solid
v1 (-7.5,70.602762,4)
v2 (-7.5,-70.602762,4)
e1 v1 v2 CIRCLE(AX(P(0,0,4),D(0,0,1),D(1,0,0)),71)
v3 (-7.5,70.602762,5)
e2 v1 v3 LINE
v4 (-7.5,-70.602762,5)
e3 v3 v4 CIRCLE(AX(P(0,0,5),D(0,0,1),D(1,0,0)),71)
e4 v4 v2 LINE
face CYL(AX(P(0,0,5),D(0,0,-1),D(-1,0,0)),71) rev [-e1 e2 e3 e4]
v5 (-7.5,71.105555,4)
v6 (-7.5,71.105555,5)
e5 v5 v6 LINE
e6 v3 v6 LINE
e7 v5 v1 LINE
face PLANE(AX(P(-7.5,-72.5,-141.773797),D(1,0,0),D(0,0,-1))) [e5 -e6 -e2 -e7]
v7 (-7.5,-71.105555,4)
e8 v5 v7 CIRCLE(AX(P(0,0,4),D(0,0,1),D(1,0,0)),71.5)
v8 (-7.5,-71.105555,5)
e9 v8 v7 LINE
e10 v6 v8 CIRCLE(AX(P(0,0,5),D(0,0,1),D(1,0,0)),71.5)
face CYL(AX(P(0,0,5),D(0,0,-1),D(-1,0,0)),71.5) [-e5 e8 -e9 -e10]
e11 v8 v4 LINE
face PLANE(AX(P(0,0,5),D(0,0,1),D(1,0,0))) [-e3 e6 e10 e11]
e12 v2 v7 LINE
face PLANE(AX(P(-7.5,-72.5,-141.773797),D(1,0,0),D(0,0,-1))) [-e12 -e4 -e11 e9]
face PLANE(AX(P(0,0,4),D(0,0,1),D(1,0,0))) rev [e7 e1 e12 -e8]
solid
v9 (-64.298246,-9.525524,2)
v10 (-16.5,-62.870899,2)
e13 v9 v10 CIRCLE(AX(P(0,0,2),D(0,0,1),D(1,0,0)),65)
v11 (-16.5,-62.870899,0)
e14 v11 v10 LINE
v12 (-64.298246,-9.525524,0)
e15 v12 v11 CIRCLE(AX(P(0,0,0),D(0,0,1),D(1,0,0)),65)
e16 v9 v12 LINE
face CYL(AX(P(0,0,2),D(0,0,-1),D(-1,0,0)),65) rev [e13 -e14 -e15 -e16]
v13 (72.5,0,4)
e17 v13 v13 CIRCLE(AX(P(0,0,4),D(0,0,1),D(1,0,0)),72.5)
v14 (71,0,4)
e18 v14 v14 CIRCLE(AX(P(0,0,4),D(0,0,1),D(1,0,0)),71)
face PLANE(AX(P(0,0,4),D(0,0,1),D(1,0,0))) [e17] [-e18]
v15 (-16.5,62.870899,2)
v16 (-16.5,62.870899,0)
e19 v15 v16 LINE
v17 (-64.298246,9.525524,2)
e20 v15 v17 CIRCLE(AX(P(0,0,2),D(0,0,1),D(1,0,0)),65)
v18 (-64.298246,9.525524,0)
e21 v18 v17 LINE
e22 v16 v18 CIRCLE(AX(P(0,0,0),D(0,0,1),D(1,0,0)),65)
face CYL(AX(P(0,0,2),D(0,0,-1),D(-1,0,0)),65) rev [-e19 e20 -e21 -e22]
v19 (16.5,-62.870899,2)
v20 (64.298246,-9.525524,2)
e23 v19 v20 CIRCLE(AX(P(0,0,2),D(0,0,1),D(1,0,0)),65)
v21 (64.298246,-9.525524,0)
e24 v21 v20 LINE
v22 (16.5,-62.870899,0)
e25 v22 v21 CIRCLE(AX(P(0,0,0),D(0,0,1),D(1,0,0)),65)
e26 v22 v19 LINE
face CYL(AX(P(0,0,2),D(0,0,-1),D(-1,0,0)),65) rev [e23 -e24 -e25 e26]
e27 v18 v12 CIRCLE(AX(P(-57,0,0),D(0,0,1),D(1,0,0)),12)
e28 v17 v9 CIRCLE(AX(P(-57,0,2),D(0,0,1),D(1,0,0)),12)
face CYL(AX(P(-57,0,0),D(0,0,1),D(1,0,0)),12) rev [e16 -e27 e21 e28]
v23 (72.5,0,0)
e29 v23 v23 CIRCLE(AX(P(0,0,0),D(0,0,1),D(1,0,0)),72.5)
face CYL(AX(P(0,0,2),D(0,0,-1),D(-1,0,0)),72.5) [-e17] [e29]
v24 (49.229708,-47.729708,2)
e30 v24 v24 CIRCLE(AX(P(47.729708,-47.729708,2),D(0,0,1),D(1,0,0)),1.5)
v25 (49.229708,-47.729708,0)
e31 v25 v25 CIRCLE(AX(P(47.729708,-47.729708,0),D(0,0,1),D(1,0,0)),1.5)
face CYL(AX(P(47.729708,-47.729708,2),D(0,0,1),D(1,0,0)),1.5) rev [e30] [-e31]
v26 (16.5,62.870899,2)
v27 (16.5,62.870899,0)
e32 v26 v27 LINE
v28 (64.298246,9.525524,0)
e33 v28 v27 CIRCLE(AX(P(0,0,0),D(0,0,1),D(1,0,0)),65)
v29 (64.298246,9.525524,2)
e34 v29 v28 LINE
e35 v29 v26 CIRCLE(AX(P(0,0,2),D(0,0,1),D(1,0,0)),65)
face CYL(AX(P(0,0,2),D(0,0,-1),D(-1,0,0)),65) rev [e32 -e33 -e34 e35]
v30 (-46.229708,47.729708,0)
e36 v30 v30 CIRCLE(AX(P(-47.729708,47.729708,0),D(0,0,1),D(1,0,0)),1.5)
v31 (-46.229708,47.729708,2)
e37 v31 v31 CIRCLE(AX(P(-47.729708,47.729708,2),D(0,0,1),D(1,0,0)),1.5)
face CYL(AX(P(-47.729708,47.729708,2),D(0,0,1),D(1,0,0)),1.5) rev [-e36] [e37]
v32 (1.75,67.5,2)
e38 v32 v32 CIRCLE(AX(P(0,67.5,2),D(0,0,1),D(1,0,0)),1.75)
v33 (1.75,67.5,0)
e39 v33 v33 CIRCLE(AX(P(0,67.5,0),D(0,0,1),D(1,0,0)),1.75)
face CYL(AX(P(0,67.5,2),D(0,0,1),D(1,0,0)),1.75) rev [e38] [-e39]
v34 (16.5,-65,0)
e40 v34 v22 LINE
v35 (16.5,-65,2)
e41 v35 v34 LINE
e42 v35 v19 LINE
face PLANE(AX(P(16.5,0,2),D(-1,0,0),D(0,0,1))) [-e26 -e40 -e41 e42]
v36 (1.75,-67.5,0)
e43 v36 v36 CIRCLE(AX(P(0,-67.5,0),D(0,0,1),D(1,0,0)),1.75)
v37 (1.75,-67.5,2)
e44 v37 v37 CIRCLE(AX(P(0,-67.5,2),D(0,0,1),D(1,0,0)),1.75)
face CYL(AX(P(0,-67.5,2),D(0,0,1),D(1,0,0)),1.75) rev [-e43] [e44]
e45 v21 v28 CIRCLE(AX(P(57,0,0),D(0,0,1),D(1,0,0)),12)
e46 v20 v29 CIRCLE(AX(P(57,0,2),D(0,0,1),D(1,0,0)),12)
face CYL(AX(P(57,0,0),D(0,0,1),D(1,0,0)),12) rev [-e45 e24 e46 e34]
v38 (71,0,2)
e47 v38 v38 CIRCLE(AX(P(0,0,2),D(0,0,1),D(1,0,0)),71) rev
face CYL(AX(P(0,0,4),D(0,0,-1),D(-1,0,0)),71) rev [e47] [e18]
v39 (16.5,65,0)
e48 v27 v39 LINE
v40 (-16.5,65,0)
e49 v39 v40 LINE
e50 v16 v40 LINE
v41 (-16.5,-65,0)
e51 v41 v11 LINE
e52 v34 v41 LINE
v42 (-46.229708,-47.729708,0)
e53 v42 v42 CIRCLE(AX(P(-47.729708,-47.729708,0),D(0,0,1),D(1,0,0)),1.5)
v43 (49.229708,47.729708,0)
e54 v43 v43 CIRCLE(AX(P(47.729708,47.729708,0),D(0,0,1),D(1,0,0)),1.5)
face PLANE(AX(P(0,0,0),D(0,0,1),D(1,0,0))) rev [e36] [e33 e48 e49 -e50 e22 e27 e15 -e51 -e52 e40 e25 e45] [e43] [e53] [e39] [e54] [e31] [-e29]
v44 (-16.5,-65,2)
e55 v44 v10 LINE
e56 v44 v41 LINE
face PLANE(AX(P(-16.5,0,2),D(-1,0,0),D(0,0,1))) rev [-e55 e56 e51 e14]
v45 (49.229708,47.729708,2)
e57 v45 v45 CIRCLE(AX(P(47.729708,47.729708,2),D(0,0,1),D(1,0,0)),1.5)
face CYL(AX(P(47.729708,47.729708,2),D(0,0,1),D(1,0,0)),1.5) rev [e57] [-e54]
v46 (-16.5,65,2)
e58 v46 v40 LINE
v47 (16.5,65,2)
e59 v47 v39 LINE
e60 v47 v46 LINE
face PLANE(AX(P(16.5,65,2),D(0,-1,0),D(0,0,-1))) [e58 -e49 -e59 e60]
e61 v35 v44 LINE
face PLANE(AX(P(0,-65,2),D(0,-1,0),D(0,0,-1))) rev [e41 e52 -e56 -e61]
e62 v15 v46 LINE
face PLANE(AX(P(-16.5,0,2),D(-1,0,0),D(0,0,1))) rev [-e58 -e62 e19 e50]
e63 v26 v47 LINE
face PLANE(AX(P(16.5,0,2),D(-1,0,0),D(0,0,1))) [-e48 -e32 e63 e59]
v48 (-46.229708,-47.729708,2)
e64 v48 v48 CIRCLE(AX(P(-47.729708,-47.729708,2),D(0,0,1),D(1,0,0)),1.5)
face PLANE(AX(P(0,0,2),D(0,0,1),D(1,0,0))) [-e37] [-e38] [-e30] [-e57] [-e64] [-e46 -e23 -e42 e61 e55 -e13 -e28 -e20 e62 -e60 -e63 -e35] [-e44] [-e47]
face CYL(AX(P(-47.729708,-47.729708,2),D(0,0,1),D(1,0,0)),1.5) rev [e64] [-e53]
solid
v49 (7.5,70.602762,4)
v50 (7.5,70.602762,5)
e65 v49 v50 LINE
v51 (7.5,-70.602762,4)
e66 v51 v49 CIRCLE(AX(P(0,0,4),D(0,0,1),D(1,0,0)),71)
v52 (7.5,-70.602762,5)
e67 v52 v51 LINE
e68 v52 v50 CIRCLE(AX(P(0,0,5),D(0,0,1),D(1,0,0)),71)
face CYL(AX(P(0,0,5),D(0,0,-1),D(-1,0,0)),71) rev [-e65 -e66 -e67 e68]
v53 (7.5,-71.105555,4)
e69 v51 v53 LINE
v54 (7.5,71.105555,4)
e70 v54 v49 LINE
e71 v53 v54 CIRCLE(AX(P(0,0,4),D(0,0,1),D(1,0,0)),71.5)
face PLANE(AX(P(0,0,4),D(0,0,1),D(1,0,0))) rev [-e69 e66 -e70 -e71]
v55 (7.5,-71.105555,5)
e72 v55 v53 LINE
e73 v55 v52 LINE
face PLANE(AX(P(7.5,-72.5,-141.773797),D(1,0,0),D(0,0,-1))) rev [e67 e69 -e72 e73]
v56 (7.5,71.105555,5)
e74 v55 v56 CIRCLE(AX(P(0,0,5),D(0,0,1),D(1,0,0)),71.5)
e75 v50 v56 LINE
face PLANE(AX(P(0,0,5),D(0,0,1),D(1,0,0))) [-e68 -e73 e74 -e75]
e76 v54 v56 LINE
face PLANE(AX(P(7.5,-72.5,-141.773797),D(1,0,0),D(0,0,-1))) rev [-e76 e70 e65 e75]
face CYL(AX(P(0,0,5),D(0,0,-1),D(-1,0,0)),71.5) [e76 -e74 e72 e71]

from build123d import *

# Parameters (mm, degrees)
SKIZZE4_R               = 72.5
SKIZZE4_R_2             = 65
BASE_RING_DEPTH         = 2
SPACER_PLACEMENT_D      = 3
SKIZZE8_R               = 12
BALL_CASTOR_DEPTH       = 103.549987811
SKIZZE9_W               = 33
SKIZZE9_H               = 130
SKIZZE9_H_2             = 100
WHEELS_DEPTH            = 103.549987811
SKIZZE11_R              = 72.5
SKIZZE11_R_2            = 71
SIDE_WALL_DEPTH         = 2
SKIZZE14_R              = 71.5
SKIZZE14_R_2            = 71
INNER_WALL_DEPTH        = 1
SKIZZE13_W              = 1.75
SKIZZE13_H              = 2
COVER_SCREWS_AT_2_COUNT = 2
COVER_SCREWS_AT_2_PITCH = 135
SKIZZE15_W              = 15
SKIZZE15_H              = 145
COVER_OPENING_DEPTH     = 1


with BuildPart() as part:
    # Skizze4 → Base Ring (new body)
    with BuildSketch(Plane.XY):
        Circle(SKIZZE4_R)
        Circle(SKIZZE4_R_2, mode=Mode.SUBTRACT)
    extrude(amount=BASE_RING_DEPTH)

    # Spacer Placement (through all)
    with Locations(Plane.XY.offset(2)):
        with Locations((-47.72970773, 47.72970773), (47.72970773, 47.72970773), (47.72970773, -47.72970773), (-47.72970773, -47.72970773)):
            Hole(SPACER_PLACEMENT_D / 2)

    # Skizze8 → Ball Castor (cut, through all)
    with BuildSketch(Plane.XY.offset(2)):
        with Locations((57, 0)):
            Circle(SKIZZE8_R)
        with Locations((-57, 0)):
            Circle(SKIZZE8_R)
    extrude(amount=-BALL_CASTOR_DEPTH, mode=Mode.SUBTRACT)

    # Skizze9 → Wheels (cut, through all)
    with BuildSketch(Plane.XY):
        Rectangle(SKIZZE9_W, SKIZZE9_H)
        Rectangle(SKIZZE9_W, SKIZZE9_H_2)
    extrude(amount=WHEELS_DEPTH, mode=Mode.SUBTRACT)

    # Skizze11 → Side Wall (add)
    with BuildSketch(Plane.XY.offset(2)):
        Circle(SKIZZE11_R)
        Circle(SKIZZE11_R_2, mode=Mode.SUBTRACT)
    extrude(amount=SIDE_WALL_DEPTH)

    # Skizze13 → Cover Screws (revolve, cut)
    with BuildSketch(Plane(origin=(0, -67.5, 2), x_dir=(0, -1, 0), z_dir=(1, 0, 0))):
        with Locations((0.875, 1)):
            Rectangle(SKIZZE13_W, SKIZZE13_H)
    cover_screws = revolve(axis=Axis((0, -67.5, 8.35), (0, 0, -1)), mode=Mode.SUBTRACT)

    # Cover Screws at 2: Cover Screws ×2
    with Locations(*[(0, i * COVER_SCREWS_AT_2_PITCH, 0) for i in range(1, COVER_SCREWS_AT_2_COUNT)]):
        add(cover_screws, mode=Mode.SUBTRACT)


with BuildPart() as body_2:
    # Skizze14 → Inner Wall (new body)
    with BuildSketch(Plane.XY.offset(4)):
        Circle(SKIZZE14_R)
        Circle(SKIZZE14_R_2, mode=Mode.SUBTRACT)
    extrude(amount=INNER_WALL_DEPTH)

    # Skizze15 → Cover Opening (cut)
    with BuildSketch(Plane.XY.offset(5)):
        Rectangle(SKIZZE15_W, SKIZZE15_H)
    extrude(amount=-COVER_OPENING_DEPTH, mode=Mode.SUBTRACT)


with BuildPart() as cover_opening_piece_1:
    # of the separate pieces the step leaves, piece 1, a body of its own (cover_opening_pieces)
    add(body_2.part.solids().sort_by_distance((7.5, -71.105555339, 4))[0])


with BuildPart() as cover_opening_piece_2:
    # of the separate pieces the step leaves, piece 2, a body of its own (cover_opening_pieces)
    add(body_2.part.solids().sort_by_distance((-7.5, 71.105555339, 4))[0])


solid = Compound([part.part, cover_opening_piece_1.part, cover_opening_piece_2.part])
